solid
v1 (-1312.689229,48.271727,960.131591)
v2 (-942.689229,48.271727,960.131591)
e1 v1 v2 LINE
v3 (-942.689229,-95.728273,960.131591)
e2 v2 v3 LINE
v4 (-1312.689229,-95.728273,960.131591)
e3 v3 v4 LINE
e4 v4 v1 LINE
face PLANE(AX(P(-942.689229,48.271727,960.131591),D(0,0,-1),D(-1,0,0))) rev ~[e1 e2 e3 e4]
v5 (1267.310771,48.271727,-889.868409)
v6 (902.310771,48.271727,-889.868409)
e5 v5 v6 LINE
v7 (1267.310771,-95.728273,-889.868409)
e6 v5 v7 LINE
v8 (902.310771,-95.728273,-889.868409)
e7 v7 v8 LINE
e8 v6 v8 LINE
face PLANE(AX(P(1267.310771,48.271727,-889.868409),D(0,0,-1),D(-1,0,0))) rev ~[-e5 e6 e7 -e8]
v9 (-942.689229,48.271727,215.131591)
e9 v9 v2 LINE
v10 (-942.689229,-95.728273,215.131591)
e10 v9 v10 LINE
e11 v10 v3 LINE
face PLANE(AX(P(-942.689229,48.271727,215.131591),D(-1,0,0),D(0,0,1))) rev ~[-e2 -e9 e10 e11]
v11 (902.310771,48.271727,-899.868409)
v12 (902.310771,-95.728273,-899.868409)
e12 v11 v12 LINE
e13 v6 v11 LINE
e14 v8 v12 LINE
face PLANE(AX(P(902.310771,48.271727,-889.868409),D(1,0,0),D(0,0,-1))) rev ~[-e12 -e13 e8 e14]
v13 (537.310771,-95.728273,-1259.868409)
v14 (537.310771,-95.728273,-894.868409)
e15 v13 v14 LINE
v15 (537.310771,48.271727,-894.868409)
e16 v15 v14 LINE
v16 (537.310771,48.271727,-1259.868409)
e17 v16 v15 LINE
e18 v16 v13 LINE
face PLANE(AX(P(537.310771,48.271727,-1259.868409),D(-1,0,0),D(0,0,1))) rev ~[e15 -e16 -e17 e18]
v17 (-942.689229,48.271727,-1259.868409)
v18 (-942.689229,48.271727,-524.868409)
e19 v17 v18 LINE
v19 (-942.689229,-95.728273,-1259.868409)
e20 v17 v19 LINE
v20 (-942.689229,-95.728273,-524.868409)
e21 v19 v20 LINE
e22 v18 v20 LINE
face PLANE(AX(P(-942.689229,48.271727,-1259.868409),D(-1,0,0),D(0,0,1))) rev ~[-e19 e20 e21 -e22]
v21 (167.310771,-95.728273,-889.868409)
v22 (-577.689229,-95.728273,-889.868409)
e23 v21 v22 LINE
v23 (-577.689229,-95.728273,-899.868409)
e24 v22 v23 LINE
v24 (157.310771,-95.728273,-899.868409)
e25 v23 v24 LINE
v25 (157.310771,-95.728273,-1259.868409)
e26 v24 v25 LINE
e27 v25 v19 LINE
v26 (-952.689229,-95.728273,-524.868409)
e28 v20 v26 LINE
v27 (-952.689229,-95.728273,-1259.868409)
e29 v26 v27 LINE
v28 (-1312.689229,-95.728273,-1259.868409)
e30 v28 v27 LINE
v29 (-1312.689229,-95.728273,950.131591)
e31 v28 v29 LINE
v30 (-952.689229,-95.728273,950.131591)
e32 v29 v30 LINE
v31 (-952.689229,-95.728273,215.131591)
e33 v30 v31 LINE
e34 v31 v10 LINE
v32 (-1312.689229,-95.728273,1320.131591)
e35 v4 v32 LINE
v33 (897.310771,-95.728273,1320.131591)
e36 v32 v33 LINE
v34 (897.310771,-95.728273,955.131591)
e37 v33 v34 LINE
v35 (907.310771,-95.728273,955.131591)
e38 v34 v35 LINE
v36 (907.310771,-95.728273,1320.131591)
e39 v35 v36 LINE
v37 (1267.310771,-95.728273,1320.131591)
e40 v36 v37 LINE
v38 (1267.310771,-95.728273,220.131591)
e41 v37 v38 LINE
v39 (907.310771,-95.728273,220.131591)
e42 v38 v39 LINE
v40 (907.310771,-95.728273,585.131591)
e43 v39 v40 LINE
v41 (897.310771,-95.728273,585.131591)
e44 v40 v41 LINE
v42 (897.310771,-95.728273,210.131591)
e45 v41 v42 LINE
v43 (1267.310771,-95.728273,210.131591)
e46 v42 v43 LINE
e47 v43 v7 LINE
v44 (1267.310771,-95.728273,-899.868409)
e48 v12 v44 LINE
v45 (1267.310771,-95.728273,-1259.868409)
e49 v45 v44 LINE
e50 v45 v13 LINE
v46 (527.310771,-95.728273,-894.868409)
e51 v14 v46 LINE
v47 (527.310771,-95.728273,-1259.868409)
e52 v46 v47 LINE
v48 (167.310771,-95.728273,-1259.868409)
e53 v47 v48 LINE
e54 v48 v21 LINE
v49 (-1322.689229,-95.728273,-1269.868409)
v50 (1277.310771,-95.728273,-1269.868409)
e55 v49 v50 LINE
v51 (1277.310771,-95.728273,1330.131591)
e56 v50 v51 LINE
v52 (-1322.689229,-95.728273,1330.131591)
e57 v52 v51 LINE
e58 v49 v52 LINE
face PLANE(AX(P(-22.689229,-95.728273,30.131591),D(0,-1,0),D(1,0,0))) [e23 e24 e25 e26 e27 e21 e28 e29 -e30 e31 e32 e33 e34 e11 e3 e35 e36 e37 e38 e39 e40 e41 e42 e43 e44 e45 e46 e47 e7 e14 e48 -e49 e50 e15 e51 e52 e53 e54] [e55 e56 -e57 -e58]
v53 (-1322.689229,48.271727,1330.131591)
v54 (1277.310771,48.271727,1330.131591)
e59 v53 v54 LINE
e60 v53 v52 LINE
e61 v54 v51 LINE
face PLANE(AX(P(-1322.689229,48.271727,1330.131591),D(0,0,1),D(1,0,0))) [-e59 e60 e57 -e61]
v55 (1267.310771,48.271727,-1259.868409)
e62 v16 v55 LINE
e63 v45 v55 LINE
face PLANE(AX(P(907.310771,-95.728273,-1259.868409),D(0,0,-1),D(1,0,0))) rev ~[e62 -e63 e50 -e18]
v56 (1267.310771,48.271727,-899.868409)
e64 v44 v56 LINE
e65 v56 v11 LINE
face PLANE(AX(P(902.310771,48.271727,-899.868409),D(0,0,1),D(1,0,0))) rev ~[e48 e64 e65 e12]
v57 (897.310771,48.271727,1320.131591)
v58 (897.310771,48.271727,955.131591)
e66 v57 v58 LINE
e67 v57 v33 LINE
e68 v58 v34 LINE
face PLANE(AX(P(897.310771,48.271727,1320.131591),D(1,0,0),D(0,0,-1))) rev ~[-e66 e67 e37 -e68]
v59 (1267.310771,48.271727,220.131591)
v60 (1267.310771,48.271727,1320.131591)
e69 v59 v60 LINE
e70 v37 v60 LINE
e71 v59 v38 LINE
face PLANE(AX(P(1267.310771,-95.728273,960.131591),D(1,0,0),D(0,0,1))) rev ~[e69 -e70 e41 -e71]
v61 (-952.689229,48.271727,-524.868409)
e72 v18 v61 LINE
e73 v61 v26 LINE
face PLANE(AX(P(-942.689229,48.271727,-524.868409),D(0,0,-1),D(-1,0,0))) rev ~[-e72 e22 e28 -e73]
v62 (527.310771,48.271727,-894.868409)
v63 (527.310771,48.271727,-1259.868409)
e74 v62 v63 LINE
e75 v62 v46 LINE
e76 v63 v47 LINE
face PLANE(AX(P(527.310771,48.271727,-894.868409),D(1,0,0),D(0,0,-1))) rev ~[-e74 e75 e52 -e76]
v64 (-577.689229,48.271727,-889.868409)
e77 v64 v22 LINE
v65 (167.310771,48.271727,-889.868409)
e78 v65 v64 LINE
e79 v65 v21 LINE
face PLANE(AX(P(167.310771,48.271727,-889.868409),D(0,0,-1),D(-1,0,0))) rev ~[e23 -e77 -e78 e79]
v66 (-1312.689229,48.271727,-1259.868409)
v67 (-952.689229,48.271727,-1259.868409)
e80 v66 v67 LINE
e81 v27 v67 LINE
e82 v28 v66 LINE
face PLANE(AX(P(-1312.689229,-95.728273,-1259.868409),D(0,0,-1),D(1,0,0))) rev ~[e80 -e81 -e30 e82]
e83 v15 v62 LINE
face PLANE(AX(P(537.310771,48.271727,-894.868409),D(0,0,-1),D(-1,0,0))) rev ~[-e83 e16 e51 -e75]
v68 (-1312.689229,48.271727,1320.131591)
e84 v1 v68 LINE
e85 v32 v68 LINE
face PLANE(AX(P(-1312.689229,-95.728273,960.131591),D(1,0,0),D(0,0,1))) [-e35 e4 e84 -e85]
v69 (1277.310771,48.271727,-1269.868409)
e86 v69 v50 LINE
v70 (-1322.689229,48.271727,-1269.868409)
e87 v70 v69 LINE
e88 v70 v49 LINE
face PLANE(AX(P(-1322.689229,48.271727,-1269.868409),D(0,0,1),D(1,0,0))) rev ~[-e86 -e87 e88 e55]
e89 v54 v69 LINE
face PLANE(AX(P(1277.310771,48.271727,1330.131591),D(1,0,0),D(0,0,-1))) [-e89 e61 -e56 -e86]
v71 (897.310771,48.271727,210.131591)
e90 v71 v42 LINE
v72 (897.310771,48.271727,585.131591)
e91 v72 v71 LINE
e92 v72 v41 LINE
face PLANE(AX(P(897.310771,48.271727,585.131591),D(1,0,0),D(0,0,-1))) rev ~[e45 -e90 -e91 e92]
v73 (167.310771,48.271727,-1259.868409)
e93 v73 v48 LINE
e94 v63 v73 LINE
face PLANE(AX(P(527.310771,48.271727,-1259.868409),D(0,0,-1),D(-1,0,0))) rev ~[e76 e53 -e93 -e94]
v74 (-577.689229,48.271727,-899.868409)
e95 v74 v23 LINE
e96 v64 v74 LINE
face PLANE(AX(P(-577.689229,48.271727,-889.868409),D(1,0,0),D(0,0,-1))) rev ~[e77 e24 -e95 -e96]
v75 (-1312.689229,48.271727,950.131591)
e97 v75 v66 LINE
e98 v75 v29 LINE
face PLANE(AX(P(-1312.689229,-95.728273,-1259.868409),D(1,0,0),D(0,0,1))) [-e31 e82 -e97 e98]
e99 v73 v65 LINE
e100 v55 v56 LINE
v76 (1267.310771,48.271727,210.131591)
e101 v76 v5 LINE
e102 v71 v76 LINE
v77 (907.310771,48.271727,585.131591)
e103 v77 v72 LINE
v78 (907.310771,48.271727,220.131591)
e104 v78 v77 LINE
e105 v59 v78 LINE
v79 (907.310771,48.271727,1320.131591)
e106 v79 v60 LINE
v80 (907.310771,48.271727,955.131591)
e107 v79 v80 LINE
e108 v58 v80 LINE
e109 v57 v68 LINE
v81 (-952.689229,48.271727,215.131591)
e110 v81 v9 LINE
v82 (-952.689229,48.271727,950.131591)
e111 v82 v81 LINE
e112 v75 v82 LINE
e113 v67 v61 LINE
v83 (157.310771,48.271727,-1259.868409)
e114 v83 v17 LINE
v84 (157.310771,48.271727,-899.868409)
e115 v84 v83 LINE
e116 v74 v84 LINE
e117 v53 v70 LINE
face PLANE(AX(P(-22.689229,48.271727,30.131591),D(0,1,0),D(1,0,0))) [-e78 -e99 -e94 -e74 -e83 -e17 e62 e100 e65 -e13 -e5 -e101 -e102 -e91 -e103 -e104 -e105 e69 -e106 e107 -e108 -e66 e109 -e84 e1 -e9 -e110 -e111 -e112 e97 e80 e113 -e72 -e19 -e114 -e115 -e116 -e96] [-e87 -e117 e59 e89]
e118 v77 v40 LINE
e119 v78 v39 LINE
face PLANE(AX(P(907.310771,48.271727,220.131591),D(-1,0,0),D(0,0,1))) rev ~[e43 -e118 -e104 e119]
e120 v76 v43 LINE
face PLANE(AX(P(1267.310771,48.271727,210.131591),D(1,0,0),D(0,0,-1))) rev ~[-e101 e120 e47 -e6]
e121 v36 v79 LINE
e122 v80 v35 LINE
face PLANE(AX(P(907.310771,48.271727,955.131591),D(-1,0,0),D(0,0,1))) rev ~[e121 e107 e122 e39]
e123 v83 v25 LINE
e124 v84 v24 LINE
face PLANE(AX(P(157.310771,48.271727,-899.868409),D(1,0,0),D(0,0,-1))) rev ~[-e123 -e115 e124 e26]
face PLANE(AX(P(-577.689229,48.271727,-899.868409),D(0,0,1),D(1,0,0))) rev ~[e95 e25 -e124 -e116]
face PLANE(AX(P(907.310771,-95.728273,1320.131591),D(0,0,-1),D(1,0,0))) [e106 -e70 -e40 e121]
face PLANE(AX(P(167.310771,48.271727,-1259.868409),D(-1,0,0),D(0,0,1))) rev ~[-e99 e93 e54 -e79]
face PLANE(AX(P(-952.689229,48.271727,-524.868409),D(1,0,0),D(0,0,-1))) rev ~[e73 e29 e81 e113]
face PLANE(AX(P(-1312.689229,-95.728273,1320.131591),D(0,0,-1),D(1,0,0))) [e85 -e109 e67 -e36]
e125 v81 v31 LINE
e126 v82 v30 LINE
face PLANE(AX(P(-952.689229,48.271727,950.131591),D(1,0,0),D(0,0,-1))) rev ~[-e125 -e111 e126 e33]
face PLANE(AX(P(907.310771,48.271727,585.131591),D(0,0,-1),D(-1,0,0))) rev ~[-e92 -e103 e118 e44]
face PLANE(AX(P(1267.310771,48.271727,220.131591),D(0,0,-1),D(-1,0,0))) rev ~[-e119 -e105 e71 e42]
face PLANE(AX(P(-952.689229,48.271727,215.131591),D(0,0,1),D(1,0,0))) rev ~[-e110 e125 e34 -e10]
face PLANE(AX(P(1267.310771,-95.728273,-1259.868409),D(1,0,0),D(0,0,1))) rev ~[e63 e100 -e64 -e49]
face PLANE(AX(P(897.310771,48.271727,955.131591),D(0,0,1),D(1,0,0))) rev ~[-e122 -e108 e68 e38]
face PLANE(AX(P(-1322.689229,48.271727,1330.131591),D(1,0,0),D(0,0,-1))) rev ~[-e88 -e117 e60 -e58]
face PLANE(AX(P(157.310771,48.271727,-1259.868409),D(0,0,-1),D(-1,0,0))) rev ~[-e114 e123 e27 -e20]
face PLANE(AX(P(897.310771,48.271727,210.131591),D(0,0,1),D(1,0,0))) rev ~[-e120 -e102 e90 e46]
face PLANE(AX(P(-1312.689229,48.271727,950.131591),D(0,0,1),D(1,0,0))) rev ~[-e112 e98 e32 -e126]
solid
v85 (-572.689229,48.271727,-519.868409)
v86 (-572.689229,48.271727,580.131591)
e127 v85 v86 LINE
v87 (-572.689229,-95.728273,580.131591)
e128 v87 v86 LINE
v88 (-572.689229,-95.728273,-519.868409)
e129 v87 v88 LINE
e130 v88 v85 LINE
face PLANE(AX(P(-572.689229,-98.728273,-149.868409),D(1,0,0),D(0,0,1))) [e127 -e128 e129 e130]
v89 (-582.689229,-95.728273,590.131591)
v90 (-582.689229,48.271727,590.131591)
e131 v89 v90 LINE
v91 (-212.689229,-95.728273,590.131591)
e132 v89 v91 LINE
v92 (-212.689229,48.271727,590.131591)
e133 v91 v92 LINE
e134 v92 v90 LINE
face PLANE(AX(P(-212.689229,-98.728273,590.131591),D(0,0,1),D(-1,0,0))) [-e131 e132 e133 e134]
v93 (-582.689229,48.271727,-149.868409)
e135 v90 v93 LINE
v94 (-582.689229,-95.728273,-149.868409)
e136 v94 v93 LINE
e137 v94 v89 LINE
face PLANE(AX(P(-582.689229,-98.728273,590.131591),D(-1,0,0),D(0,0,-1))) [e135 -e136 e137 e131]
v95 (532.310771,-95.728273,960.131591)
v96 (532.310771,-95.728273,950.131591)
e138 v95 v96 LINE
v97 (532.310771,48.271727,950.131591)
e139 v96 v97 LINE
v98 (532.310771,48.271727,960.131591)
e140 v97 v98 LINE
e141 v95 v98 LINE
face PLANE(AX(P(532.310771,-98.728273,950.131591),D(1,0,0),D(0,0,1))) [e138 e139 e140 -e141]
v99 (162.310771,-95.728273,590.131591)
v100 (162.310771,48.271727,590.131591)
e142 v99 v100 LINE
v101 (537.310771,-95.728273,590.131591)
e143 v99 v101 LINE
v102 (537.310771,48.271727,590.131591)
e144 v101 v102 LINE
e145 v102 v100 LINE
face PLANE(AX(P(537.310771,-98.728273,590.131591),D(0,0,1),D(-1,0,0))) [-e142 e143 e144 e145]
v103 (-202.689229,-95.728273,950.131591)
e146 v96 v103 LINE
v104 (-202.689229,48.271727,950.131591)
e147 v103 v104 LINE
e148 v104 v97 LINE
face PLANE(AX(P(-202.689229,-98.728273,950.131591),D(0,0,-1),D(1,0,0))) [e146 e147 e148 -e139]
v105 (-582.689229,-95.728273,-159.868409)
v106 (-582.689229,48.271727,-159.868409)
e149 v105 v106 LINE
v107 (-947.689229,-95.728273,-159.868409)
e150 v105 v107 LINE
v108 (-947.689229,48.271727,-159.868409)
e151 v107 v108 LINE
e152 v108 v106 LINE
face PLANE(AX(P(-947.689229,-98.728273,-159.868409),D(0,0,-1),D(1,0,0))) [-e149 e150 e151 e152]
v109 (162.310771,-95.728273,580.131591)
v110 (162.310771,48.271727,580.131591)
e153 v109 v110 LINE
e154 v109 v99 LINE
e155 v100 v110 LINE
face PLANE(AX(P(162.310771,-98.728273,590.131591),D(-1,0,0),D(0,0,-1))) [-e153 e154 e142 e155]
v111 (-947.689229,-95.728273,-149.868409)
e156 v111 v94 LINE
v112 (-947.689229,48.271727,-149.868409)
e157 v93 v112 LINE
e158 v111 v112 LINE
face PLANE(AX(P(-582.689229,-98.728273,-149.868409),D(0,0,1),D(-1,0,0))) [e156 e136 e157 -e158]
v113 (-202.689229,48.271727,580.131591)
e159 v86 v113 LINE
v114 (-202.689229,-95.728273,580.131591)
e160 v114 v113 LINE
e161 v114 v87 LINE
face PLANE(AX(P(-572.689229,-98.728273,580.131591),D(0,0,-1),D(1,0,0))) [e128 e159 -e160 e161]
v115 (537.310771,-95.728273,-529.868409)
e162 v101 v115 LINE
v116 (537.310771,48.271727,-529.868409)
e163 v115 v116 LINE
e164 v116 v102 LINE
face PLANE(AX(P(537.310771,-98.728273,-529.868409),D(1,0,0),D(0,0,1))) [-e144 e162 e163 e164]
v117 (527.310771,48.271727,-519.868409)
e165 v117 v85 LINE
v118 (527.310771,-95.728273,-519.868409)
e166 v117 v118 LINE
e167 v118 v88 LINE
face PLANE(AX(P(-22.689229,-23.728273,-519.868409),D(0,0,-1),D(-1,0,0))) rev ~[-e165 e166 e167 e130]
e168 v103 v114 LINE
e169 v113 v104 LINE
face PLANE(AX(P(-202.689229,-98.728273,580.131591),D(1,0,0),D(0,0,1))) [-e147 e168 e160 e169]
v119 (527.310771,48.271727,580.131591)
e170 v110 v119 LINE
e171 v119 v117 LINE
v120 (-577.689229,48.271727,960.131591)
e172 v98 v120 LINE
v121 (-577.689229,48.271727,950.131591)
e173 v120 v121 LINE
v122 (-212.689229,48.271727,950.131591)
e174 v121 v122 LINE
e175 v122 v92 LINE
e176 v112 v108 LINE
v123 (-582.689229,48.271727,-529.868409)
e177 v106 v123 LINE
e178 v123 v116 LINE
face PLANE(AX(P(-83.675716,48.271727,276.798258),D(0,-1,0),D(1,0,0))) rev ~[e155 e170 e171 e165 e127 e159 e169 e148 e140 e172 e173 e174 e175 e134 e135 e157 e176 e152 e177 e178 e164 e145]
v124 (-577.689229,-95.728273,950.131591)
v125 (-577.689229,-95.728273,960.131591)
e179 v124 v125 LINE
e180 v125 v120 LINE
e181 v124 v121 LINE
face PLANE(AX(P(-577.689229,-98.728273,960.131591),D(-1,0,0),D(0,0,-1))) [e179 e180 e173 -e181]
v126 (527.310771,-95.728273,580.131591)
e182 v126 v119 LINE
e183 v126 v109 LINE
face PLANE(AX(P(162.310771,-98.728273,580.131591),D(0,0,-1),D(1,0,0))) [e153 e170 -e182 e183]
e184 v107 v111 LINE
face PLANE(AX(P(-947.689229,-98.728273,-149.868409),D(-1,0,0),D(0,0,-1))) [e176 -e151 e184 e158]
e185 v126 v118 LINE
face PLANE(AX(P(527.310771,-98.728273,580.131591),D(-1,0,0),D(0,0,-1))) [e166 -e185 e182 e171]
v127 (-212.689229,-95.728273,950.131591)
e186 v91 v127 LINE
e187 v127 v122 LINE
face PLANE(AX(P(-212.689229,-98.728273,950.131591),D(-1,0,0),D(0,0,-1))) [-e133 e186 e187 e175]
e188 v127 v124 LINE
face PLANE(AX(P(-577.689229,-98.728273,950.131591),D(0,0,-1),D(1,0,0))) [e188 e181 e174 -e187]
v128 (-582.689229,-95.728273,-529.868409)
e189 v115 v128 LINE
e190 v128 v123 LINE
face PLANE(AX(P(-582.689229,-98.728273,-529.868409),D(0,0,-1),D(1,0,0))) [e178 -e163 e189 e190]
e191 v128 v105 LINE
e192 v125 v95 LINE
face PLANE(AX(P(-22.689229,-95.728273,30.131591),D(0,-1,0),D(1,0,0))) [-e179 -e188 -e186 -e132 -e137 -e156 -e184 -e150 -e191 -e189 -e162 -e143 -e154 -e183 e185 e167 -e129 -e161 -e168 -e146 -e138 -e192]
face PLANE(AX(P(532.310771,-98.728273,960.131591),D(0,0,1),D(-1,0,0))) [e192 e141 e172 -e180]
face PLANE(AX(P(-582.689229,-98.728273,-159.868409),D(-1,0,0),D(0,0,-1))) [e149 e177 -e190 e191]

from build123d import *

# Parameters (mm, degrees)
SKETCH1_W           = 2600
SKETCH1_H           = 2600
BOSS_EXTRUDE1_DEPTH = 150
CUT_EXTRUDE1_DEPTH  = 147
BOSS_EXTRUDE2_DEPTH = 147
CUT_EXTRUDE2_REACH  = 1852
SKETCH4_W           = 1100
SKETCH4_H           = 144
SKETCH5_W           = 360
SKETCH5_H           = 360
CUT_EXTRUDE3_DEPTH  = 3
SKETCH6_W           = 360
SKETCH6_H           = 360
CUT_EXTRUDE4_DEPTH  = 3
SKETCH7_W           = 360
SKETCH7_H           = 360
CUT_EXTRUDE5_DEPTH  = 3
CUT_EXTRUDE6_REACH  = 146
SKETCH9_W           = 360
SKETCH9_H           = 360
CUT_EXTRUDE7_REACH  = 146
SKETCH11_W          = 360
SKETCH11_H          = 360
CUT_EXTRUDE8_REACH  = 146
SKETCH13_W          = 360
SKETCH13_H          = 360
CUT_EXTRUDE9_REACH  = 146
SKETCH15_W          = 360
SKETCH15_H          = 360
SKETCH18_W          = 2600
SKETCH18_H          = 2600
CUT_EXTRUDE10_DEPTH = 6


with BuildPart() as part:
    # Sketch1 → Boss-Extrude1 (new body)
    with BuildSketch(Plane(origin=(0, 48.271727257, 0), x_dir=(1, 0, 0), z_dir=(0, 1, 0))):
        with Locations((-22.689229356, -30.131591124)):
            Rectangle(SKETCH1_W, SKETCH1_H)
    extrude(amount=-BOSS_EXTRUDE1_DEPTH)

    # Sketch2 → Cut-Extrude1 (cut)
    with BuildSketch(Plane(origin=(0, 48.271727257, 0), x_dir=(-1, 0, 0), z_dir=(0, 1, 0))):
        Polygon((-902.310770644, -899.868408876), (-907.310770644, -899.868408876), (-907.310770644, -1259.868408876), (-537.310770644, -1259.868408876), (-537.310770644, -894.868408876), (-527.310770644, -894.868408876), (-527.310770644, -1259.868408876), (-167.310770644, -1259.868408876), (-167.310770644, -889.868408876), (577.689229356, -889.868408876), (577.689229356, -899.868408876), (-157.310770644, -899.868408876), (-157.310770644, -1259.868408876), (942.689229356, -1259.868408876), (942.689229356, -524.868408876), (952.689229356, -524.868408876), (952.689229356, -899.868408876), (1312.689229356, -899.868408876), (1312.689229356, 950.131591124), (952.689229356, 950.131591124), (952.689229356, 215.131591124), (942.689229356, 215.131591124), (942.689229356, 960.131591124), (952.689229356, 960.131591124), (952.689229356, 1320.131591124), (-897.310770644, 1320.131591124), (-897.310770644, 955.131591124), (-907.310770644, 955.131591124), (-907.310770644, 960.131591124), (-1267.310770644, 960.131591124), (-1267.310770644, 220.131591124), (-907.310770644, 220.131591124), (-907.310770644, 585.131591124), (-897.310770644, 585.131591124), (-897.310770644, 210.131591124), (-1267.310770644, 210.131591124), (-1267.310770644, -889.868408876), (-902.310770644, -889.868408876), align=None)
    extrude(amount=-CUT_EXTRUDE1_DEPTH, mode=Mode.SUBTRACT)

    # Sketch3 → Boss-Extrude2 (add)
    with BuildSketch(Plane(origin=(0, -98.728272743, 0), x_dir=(-1, 0, 0), z_dir=(0, 1, 0))):
        Polygon((572.689229356, 580.131591124), (202.689229356, 580.131591124), (202.689229356, 950.131591124), (-532.310770644, 950.131591124), (-532.310770644, 960.131591124), (577.689229356, 960.131591124), (577.689229356, 950.131591124), (212.689229356, 950.131591124), (212.689229356, 590.131591124), (582.689229356, 590.131591124), (582.689229356, -149.868408876), (947.689229356, -149.868408876), (947.689229356, -159.868408876), (582.689229356, -159.868408876), (582.689229356, -529.868408876), (-537.310770644, -529.868408876), (-537.310770644, 590.131591124), (-162.310770644, 590.131591124), (-162.310770644, 580.131591124), (-527.310770644, 580.131591124), (-527.310770644, -149.868408876), (572.689229356, -149.868408876), align=None)
    extrude(amount=BOSS_EXTRUDE2_DEPTH)

    # Sketch4 → Cut-Extrude2 (cut, up to next)
    with BuildSketch(Plane(origin=(0, 0, -519.868408876), x_dir=(-1, 0, 0), z_dir=(0, 0, -1)), mode=Mode.PRIVATE) as cut_extrude2_sk1:
        with Locations((22.689229356, -23.728272743)):
            Rectangle(SKETCH4_W, SKETCH4_H)
    cut_extrude2_tool1 = extrude(cut_extrude2_sk1.sketch, amount=-CUT_EXTRUDE2_REACH, mode=Mode.PRIVATE) & part.part
    add(cut_extrude2_tool1.solids().sort_by_distance((-22.689229, -23.728273, -519.868409))[0], mode=Mode.SUBTRACT)

    # Sketch5 → Cut-Extrude3 (cut)
    with BuildSketch(Plane(origin=(0, -95.728272743, 0), x_dir=(-1, 0, 0), z_dir=(0, 1, 0))):
        with Locations((392.689229356, -339.868408876)):
            Rectangle(SKETCH5_W, SKETCH5_H)
    extrude(amount=-CUT_EXTRUDE3_DEPTH, mode=Mode.SUBTRACT)

    # Sketch6 → Cut-Extrude4 (cut)
    with BuildSketch(Plane(origin=(0, -95.728272743, 0), x_dir=(-1, 0, 0), z_dir=(0, 1, 0))):
        with Locations((-347.310770644, -339.868408876)):
            Rectangle(SKETCH6_W, SKETCH6_H)
    extrude(amount=-CUT_EXTRUDE4_DEPTH, mode=Mode.SUBTRACT)

    # Sketch7 → Cut-Extrude5 (cut)
    with BuildSketch(Plane(origin=(0, -95.728272743, 0), x_dir=(-1, 0, 0), z_dir=(0, 1, 0))):
        with Locations((22.689229356, -339.868408876)):
            Rectangle(SKETCH7_W, SKETCH7_H)
    extrude(amount=-CUT_EXTRUDE5_DEPTH, mode=Mode.SUBTRACT)

    # Sketch9 → Cut-Extrude6 (cut, up to next)
    with BuildSketch(Plane.XZ.offset(95.728272743), mode=Mode.PRIVATE) as cut_extrude6_sk1:
        with Locations((1087.310770644, -1079.868408876)):
            Rectangle(SKETCH9_W, SKETCH9_H)
    cut_extrude6_tool1 = extrude(cut_extrude6_sk1.sketch, amount=-CUT_EXTRUDE6_REACH, mode=Mode.PRIVATE) & part.part
    add(cut_extrude6_tool1.solids().sort_by_distance((1087.310771, -95.728273, -1079.868409))[0], mode=Mode.SUBTRACT)

    # Sketch11 → Cut-Extrude7 (cut, up to next)
    with BuildSketch(Plane.XZ.offset(95.728272743), mode=Mode.PRIVATE) as cut_extrude7_sk1:
        with Locations((1087.310770644, 1140.131591124)):
            Rectangle(SKETCH11_W, SKETCH11_H)
    cut_extrude7_tool1 = extrude(cut_extrude7_sk1.sketch, amount=-CUT_EXTRUDE7_REACH, mode=Mode.PRIVATE) & part.part
    add(cut_extrude7_tool1.solids().sort_by_distance((1087.310771, -95.728273, 1140.131591))[0], mode=Mode.SUBTRACT)

    # Sketch13 → Cut-Extrude8 (cut, up to next)
    with BuildSketch(Plane.XZ.offset(95.728272743), mode=Mode.PRIVATE) as cut_extrude8_sk1:
        with Locations((-1132.689229356, 1140.131591124)):
            Rectangle(SKETCH13_W, SKETCH13_H)
    cut_extrude8_tool1 = extrude(cut_extrude8_sk1.sketch, amount=-CUT_EXTRUDE8_REACH, mode=Mode.PRIVATE) & part.part
    add(cut_extrude8_tool1.solids().sort_by_distance((-1132.689229, -95.728273, 1140.131591))[0], mode=Mode.SUBTRACT)

    # Sketch15 → Cut-Extrude9 (cut, up to next)
    with BuildSketch(Plane.XZ.offset(95.728272743), mode=Mode.PRIVATE) as cut_extrude9_sk1:
        with Locations((-1132.689229356, -1079.868408876)):
            Rectangle(SKETCH15_W, SKETCH15_H)
    cut_extrude9_tool1 = extrude(cut_extrude9_sk1.sketch, amount=-CUT_EXTRUDE9_REACH, mode=Mode.PRIVATE) & part.part
    add(cut_extrude9_tool1.solids().sort_by_distance((-1132.689229, -95.728273, -1079.868409))[0], mode=Mode.SUBTRACT)

    # Sketch18 → Cut-Extrude10 (cut)
    with BuildSketch(Plane.XZ.offset(101.728272743)):
        with Locations((-22.689229356, 30.131591124)):
            Rectangle(SKETCH18_W, SKETCH18_H)
    extrude(amount=-CUT_EXTRUDE10_DEPTH, mode=Mode.SUBTRACT)


solid = part.part
